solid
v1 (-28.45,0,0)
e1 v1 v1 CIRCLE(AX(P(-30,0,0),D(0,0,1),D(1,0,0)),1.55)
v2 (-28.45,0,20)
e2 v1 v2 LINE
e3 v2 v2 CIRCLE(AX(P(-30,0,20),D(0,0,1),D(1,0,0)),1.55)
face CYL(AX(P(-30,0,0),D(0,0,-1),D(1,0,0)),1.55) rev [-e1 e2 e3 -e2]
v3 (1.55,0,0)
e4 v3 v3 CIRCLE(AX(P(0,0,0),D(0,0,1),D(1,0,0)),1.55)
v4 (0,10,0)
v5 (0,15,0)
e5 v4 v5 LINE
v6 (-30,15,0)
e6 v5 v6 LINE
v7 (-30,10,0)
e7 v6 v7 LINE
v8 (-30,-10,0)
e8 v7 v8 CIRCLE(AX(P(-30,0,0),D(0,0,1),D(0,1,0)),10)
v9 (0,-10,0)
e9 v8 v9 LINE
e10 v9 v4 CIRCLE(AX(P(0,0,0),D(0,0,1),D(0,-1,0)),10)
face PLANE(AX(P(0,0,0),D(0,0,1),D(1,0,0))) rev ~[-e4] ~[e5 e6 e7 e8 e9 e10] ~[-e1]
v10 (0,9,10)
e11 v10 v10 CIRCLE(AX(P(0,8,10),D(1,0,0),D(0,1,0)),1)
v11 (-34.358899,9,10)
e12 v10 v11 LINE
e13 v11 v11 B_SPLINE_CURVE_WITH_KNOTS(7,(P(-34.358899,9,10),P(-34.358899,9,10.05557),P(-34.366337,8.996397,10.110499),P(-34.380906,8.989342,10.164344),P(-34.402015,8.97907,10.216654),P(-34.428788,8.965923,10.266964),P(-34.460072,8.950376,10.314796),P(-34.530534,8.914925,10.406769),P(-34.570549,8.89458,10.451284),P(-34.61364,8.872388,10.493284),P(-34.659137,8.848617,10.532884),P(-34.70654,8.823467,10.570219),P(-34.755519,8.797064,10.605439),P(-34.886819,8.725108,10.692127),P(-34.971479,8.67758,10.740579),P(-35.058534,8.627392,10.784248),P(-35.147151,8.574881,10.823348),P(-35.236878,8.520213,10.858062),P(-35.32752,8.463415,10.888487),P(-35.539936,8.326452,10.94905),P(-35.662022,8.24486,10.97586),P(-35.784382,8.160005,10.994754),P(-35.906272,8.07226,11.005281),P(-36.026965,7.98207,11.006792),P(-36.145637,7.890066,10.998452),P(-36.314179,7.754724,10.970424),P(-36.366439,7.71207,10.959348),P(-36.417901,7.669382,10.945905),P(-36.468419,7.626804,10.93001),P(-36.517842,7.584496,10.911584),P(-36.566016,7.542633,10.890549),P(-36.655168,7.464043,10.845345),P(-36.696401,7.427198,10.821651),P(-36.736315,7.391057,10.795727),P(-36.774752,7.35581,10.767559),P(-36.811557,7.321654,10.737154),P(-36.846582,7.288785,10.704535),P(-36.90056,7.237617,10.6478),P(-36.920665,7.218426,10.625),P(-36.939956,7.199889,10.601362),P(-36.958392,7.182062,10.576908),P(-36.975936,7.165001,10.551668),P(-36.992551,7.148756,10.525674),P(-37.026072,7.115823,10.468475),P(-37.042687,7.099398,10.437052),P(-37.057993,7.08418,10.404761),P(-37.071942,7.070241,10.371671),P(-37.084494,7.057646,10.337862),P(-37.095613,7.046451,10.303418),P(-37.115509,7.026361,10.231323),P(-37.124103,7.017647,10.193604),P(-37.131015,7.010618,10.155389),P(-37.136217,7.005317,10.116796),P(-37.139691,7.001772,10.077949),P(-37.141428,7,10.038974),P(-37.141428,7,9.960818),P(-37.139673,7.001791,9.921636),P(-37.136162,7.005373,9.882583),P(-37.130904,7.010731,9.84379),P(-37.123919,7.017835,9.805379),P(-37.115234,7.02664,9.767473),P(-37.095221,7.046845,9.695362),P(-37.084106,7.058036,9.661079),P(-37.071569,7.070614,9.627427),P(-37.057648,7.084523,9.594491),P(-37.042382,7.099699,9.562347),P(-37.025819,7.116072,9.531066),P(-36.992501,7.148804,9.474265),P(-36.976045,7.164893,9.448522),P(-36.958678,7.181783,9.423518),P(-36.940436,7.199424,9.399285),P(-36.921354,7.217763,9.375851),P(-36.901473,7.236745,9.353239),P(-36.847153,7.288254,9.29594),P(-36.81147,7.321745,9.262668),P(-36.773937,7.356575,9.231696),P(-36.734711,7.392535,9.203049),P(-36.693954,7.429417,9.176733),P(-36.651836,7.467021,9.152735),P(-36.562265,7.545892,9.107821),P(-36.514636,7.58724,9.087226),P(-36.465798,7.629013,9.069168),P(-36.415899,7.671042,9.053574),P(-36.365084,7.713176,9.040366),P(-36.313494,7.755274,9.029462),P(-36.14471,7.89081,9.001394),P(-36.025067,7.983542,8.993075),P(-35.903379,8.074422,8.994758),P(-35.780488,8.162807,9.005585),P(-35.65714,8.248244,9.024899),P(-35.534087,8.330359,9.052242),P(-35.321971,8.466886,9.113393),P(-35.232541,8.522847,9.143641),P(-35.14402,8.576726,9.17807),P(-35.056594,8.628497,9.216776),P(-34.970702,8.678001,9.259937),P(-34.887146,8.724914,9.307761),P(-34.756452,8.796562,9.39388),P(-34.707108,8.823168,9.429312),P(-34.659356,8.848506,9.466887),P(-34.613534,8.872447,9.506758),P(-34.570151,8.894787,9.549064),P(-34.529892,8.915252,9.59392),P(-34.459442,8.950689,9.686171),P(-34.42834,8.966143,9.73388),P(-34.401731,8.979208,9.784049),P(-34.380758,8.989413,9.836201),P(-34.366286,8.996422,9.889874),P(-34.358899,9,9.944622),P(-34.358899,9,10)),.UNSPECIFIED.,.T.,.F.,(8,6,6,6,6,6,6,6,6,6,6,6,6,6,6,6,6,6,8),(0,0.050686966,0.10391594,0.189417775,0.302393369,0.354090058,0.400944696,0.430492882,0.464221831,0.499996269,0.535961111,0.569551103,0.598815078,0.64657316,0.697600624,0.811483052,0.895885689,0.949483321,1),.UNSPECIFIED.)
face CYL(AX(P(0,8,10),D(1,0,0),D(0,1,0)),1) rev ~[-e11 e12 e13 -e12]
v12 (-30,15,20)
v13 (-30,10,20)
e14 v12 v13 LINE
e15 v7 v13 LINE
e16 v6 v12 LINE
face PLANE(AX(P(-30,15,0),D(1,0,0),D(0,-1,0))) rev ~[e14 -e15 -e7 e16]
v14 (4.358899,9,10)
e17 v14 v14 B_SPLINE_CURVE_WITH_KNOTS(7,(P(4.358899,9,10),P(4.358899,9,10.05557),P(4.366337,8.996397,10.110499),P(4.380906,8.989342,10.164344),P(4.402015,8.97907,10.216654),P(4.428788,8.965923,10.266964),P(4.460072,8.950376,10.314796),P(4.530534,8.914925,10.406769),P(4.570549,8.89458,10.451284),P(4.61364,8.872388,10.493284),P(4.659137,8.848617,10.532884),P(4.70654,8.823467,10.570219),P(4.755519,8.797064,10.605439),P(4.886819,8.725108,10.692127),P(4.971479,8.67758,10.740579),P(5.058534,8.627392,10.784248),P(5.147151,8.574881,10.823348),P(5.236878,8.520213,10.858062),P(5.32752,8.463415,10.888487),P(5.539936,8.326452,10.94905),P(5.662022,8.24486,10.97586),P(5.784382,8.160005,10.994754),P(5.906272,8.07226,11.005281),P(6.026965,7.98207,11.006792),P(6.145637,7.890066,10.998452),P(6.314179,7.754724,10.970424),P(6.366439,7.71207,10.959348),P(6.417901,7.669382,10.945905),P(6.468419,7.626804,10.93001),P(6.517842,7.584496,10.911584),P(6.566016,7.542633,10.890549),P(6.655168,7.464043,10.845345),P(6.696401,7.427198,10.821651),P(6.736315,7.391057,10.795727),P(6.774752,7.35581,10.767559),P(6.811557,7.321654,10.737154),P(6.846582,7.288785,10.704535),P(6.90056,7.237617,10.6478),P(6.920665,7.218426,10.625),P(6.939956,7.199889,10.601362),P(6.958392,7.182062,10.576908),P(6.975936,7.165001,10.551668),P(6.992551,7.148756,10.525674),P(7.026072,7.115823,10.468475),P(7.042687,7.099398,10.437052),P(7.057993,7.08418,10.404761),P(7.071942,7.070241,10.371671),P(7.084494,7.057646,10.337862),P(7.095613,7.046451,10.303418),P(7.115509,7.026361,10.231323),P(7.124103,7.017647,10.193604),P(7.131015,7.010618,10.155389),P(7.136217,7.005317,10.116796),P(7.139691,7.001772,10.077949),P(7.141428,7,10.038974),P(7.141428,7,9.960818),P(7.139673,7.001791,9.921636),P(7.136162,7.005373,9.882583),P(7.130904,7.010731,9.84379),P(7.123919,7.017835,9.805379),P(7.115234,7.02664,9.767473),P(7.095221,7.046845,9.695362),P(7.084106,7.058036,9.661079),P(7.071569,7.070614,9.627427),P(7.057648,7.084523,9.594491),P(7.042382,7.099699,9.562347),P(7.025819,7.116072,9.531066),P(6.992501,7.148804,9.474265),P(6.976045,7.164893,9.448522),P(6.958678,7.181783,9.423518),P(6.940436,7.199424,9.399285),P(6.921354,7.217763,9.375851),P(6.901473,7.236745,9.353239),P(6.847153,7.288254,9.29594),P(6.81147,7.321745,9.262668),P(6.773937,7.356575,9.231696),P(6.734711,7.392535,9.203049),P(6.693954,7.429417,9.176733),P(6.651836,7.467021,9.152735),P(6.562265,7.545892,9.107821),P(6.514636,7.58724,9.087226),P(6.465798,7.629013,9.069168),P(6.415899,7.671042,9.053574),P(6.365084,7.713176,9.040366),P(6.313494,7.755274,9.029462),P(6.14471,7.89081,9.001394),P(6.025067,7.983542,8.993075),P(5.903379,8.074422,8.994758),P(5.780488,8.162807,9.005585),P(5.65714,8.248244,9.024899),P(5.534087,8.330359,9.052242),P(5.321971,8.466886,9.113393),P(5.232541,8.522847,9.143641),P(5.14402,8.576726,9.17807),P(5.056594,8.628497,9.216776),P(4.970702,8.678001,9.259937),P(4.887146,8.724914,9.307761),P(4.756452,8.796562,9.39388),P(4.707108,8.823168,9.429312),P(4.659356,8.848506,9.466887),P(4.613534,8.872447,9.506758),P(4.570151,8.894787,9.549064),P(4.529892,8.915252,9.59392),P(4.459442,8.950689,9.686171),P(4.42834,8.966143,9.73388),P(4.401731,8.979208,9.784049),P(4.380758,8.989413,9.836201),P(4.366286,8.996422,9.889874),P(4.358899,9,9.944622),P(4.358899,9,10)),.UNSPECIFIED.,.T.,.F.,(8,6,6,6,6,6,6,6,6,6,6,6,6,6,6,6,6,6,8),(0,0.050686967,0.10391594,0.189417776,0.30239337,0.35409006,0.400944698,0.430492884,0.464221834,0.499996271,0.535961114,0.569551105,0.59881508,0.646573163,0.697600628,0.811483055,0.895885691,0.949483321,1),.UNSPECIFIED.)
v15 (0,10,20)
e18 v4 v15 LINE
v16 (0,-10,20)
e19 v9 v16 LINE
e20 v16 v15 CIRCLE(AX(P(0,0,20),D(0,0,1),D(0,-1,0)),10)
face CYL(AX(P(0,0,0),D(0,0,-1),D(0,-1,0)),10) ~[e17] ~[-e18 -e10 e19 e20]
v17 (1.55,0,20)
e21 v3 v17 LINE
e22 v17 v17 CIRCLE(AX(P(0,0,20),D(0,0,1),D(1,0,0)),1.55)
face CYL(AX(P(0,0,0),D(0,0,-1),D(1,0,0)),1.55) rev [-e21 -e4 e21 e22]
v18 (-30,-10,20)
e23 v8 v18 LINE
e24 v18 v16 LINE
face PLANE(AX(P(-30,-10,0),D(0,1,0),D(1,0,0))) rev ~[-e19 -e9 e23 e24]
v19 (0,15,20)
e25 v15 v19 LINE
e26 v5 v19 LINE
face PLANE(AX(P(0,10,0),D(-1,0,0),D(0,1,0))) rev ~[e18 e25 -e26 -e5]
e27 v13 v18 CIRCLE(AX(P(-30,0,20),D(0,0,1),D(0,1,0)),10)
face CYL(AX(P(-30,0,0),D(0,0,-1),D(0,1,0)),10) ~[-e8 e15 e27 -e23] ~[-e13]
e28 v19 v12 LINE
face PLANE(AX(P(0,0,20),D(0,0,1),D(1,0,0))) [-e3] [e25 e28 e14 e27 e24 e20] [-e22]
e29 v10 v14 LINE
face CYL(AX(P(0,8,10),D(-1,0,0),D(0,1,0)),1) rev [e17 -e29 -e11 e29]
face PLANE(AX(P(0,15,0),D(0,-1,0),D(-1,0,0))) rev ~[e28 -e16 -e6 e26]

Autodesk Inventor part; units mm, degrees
ref_plane "YZ Plane" through (0, 0, 0) normal (1, 0, 0) x (0, 1, 0)
ref_plane "XZ Plane" through (0, 0, 0) normal (0, 1, 0) x (-1, 0, 0)
ref_plane "XY Plane" through (0, 0, 0) normal (0, 0, 1) x (1, 0, 0)
sketch "Sketch1" plane through (0, 0, 0) normal (0, 0, 1) x (1, 0, 0)
  line L0 (0, 0) -> (-30, 0) construction
  line L1 (0, 10) -> (-30, 10)
  line L2 (-30, -10) -> (0, -10)
  arc A0 (0, -10) -> (0, 10) centre (0, 0) ccw
  arc A1 (-30, 10) -> (-30, -10) centre (-30, 0) ccw
  circle A2 centre (-30, 0) radius 1.55
  circle A3 centre (0, 0) radius 1.55
  line L3 (-30, 10) -> (0, 10)
  line L4 (0, 10) -> (0, 15)
  line L5 (0, 15) -> (-30, 15)
  line L6 (-30, 15) -> (-30, 10)
  point P0 (-15, 0)
  dimension "d0" = 20
  dimension "d1" = 30
  dimension "d2" = 3.1
  dimension "d3" = 3.1
  dimension "d7" = 5
extrude "Extrusion1" add sketch "Sketch1" along normal blind 20
sketch "Sketch3" plane through (0, 0, 0) normal (1, 0, 0) x (0, 1, 0)
  circle A0 centre (8, 10) radius 1
  point P0 (0, 0)
  dimension "d8" = 2
  dimension "d9" = 8
  dimension "d10" = 10
extrude "Extrusion2" cut sketch "Sketch3" along normal mid plane 100
